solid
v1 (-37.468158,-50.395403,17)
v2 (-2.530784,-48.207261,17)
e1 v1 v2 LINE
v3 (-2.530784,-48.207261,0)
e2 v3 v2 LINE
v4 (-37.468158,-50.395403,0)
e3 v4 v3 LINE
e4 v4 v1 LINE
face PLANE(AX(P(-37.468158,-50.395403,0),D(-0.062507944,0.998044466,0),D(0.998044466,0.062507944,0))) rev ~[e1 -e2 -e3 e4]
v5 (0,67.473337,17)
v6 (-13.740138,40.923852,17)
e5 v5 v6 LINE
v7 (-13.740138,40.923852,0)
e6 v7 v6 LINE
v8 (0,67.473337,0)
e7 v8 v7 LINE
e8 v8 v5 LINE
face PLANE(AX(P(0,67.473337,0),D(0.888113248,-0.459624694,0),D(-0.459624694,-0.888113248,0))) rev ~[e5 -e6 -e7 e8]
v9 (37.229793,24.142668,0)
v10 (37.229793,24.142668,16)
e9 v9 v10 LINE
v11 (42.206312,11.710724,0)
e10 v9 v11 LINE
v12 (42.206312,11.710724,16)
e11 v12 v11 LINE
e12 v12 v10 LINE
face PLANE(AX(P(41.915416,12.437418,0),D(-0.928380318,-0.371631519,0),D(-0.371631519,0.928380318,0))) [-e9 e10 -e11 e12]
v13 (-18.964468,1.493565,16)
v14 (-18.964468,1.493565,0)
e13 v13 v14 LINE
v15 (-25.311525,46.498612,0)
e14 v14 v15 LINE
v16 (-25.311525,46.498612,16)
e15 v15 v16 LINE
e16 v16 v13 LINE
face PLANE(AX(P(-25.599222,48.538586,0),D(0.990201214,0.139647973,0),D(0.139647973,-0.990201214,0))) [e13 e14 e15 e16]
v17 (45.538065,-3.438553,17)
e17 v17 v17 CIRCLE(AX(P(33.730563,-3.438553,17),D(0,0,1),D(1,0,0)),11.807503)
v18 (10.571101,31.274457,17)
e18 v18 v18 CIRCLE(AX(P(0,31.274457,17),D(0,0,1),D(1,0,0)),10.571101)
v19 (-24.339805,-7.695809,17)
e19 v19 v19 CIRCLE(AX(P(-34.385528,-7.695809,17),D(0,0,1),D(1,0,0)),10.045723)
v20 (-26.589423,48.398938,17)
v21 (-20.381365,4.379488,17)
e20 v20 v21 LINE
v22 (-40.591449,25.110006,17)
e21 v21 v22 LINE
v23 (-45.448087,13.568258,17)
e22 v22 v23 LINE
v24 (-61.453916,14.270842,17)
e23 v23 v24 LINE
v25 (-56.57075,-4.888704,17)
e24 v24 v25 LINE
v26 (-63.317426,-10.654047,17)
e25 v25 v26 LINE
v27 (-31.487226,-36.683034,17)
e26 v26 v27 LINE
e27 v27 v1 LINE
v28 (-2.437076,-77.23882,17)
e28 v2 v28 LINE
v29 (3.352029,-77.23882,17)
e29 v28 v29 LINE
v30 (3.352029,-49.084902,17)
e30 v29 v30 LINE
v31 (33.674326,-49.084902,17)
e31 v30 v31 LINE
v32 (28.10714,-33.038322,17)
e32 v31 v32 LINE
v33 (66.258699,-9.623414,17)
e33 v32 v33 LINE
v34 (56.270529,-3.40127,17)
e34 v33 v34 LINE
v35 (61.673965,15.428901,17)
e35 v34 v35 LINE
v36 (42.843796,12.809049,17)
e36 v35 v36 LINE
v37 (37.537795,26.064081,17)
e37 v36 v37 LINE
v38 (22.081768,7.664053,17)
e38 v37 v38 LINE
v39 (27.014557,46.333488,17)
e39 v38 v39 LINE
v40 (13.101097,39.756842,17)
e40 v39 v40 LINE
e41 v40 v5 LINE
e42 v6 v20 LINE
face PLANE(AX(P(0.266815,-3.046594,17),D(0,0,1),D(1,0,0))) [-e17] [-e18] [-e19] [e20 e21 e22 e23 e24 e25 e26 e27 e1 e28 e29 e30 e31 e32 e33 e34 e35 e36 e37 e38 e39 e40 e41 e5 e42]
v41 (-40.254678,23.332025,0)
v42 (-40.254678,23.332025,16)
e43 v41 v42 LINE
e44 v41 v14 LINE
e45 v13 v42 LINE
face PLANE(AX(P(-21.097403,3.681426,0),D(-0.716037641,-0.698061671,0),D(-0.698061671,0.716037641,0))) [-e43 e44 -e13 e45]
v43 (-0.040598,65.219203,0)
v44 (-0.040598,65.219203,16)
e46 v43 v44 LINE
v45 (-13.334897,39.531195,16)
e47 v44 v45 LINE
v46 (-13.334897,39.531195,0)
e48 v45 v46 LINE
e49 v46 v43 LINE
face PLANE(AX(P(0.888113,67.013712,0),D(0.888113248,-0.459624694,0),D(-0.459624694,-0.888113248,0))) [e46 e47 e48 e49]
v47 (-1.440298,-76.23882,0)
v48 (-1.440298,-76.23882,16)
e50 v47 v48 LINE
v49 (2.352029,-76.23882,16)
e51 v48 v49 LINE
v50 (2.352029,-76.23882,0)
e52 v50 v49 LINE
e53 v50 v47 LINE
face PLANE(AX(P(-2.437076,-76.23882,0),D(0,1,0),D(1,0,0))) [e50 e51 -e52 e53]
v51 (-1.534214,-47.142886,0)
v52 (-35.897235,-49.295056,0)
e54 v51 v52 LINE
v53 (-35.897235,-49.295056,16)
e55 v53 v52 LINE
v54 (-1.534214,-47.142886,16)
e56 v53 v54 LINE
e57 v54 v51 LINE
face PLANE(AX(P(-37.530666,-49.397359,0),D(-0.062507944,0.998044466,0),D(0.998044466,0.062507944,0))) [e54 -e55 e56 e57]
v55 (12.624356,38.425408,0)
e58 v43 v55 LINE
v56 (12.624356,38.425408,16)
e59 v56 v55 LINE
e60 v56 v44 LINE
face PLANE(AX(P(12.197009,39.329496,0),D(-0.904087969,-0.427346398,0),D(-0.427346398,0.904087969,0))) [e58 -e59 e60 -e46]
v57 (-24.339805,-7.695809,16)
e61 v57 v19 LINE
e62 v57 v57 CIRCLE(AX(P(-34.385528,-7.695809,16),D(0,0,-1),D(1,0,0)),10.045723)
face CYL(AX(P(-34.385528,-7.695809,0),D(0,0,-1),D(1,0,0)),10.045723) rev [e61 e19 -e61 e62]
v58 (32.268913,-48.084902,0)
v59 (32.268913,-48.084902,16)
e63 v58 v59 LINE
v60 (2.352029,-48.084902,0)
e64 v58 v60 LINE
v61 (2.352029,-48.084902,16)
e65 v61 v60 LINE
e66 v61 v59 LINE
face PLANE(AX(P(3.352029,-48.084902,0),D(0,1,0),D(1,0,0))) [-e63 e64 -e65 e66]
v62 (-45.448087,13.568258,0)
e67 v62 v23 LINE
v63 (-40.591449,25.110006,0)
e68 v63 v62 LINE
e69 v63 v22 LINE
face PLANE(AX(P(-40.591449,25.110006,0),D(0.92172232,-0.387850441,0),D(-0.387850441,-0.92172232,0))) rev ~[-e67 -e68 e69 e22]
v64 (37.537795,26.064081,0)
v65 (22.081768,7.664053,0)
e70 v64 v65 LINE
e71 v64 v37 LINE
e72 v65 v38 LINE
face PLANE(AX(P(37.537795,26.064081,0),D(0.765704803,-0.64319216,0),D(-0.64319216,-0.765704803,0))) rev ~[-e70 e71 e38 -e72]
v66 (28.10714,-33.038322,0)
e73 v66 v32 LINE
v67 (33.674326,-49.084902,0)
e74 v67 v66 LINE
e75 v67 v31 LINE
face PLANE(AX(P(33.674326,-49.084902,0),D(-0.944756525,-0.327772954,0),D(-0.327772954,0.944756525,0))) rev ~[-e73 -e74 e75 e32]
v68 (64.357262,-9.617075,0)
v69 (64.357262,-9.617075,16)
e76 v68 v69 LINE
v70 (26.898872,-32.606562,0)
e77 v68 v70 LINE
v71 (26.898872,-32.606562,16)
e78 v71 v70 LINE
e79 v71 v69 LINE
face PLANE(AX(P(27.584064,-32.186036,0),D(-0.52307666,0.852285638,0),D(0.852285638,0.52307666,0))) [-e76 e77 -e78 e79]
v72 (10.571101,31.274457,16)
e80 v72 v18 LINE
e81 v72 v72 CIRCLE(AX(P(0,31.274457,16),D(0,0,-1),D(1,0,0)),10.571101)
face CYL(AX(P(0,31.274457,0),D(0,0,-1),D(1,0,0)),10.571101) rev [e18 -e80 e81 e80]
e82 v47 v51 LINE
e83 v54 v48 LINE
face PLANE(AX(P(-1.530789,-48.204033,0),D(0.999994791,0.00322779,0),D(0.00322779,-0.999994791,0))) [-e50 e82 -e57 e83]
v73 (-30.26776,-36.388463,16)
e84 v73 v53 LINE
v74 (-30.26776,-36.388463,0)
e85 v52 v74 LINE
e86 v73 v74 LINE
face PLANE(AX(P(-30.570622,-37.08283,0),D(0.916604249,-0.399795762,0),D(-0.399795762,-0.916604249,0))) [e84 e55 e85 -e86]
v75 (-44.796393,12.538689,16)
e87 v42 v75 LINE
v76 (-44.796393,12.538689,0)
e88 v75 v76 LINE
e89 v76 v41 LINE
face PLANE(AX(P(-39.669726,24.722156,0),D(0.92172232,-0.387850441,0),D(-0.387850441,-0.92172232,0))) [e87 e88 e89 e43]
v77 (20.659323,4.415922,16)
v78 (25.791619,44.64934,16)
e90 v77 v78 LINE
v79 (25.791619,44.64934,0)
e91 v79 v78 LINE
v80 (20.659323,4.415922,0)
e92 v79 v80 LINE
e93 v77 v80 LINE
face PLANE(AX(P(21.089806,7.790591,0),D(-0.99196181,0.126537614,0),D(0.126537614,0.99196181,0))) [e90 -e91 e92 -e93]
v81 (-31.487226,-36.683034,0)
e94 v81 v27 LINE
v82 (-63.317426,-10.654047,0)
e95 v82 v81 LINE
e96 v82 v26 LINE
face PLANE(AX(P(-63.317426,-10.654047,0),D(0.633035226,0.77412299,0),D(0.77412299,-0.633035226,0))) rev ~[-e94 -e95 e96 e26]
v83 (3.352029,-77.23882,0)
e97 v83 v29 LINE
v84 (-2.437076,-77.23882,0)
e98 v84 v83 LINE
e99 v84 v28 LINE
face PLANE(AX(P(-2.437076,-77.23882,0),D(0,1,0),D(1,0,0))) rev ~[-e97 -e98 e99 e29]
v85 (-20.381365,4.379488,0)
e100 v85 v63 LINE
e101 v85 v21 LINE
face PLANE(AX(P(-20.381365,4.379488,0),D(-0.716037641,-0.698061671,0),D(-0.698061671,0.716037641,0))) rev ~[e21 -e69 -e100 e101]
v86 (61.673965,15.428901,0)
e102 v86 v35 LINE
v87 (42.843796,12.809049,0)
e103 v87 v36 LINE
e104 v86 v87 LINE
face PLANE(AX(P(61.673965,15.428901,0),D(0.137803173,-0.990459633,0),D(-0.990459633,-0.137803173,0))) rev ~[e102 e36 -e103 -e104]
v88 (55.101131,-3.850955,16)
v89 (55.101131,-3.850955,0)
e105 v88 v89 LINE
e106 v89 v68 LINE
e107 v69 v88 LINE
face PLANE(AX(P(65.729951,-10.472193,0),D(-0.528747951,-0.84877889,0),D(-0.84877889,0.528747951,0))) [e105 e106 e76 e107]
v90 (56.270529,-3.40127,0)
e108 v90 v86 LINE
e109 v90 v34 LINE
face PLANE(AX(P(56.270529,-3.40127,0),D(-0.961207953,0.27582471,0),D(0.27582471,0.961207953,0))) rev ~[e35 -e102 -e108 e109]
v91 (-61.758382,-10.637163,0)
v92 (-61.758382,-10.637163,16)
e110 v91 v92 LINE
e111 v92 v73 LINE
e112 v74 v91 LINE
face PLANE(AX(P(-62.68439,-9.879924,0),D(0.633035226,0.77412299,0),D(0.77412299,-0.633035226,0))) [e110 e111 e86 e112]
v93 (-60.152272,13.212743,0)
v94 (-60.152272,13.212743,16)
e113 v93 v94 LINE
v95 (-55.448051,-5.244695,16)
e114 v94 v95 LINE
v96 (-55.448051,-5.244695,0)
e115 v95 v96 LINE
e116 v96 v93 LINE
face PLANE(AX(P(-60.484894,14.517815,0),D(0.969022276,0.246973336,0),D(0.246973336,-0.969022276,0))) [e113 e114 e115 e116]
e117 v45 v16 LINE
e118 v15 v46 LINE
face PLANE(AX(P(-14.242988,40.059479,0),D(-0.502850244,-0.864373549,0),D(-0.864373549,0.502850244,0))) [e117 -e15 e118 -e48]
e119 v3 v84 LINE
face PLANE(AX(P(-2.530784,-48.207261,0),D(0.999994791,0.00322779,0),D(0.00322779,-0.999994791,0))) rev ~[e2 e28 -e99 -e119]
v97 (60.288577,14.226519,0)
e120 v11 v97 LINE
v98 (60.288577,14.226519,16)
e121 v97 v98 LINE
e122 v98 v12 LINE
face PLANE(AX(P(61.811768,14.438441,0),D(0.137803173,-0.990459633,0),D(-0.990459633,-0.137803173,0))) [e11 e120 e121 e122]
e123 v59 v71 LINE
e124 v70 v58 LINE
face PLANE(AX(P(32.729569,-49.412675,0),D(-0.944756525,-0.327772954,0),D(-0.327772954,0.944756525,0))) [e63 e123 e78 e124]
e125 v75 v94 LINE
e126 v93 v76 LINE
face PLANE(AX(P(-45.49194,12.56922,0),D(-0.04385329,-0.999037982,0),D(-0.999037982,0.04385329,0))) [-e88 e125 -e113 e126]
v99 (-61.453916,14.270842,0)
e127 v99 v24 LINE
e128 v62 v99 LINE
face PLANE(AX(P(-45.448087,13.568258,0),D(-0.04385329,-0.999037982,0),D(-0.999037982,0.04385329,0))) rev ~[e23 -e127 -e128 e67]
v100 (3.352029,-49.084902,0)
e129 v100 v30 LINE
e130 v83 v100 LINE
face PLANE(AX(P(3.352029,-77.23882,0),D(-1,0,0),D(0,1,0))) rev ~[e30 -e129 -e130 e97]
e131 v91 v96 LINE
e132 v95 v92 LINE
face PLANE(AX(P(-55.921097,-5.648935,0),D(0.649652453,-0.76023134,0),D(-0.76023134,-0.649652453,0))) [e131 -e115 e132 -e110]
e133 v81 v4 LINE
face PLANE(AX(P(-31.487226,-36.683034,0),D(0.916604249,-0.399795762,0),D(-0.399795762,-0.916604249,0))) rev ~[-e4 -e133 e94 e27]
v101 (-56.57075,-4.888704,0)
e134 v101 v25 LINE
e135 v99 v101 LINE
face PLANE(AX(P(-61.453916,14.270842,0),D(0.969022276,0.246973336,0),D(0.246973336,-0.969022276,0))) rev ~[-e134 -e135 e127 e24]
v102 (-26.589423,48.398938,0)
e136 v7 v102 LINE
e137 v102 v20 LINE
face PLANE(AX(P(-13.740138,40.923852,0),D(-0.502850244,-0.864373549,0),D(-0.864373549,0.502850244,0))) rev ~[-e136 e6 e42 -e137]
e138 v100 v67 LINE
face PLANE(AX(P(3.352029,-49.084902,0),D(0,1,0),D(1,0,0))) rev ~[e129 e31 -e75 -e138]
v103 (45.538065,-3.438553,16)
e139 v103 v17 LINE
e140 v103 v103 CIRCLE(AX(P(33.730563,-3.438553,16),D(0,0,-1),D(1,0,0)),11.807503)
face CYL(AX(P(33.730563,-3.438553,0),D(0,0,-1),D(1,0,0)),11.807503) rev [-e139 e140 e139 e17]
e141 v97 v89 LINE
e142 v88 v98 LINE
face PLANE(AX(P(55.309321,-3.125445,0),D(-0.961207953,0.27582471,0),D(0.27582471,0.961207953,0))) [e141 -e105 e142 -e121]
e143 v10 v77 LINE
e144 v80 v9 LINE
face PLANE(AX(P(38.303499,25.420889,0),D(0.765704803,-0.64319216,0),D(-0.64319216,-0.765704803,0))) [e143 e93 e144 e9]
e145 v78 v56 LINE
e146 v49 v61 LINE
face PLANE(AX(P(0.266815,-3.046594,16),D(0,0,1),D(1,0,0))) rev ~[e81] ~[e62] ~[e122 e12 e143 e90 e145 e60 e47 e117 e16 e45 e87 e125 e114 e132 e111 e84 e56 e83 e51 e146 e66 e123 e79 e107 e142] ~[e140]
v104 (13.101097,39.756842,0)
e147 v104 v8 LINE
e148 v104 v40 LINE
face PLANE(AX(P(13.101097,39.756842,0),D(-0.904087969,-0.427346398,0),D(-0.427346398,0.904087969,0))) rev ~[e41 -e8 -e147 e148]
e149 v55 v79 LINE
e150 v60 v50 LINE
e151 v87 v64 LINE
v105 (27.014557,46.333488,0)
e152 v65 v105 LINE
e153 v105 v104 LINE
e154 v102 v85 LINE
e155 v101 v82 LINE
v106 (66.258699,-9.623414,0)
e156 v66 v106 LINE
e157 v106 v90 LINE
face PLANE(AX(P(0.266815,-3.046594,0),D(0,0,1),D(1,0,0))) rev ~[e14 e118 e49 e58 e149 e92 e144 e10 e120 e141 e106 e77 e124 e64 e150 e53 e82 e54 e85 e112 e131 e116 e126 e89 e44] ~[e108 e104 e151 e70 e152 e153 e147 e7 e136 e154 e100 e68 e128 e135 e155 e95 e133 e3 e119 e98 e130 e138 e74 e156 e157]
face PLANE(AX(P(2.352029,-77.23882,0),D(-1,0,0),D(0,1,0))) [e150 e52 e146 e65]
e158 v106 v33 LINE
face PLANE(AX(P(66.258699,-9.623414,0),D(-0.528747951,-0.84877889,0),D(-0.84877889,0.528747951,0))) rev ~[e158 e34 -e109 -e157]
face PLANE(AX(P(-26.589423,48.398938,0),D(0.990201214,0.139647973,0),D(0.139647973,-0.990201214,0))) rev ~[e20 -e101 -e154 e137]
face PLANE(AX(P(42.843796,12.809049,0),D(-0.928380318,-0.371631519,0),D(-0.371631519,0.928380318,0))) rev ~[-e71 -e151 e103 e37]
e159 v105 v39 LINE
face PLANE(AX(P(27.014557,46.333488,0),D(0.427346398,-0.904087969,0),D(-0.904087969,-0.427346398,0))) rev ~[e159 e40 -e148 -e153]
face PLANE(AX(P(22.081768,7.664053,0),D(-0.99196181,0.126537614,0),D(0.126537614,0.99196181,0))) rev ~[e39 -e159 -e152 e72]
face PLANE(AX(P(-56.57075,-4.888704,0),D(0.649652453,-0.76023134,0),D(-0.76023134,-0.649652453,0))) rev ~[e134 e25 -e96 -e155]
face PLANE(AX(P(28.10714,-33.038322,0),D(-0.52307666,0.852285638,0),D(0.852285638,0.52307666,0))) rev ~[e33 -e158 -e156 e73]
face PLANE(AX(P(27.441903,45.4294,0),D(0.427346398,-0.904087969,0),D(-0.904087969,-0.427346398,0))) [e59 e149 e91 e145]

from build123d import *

# Parameters (mm, degrees)
F1_DEPTH = 17
F2_T     = -1
F3_R     = 14.3708631793
F4_DEPTH = 25
F5_R     = 10.5711008848
F5_R_2   = 10.0457234784
F5_R_3   = 11.8075026786
F6_DEPTH = 17


with BuildPart() as f1:
    # F0 (on Top) → F1 (new body)
    with BuildSketch(Plane.XY):
        Polygon((-37.4681577086, -50.3954030573), (-2.5307838805, -48.2072606683), (-2.4370756, -77.2388204932), (3.3520292491, -77.2388204932), (3.3520292491, -49.0849018097), (33.674325794, -49.0849018097), (28.1071402133, -33.0383218825), (66.2586987019, -9.6234139055), (56.2705285847, -3.4012699034), (61.6739653051, 15.4289007187), (42.8437963128, 12.8090493381), (37.5377945602, 26.0640811175), (22.0817681402, 7.6640532352), (27.0145568802, 46.333488356), (13.1010971963, 39.7568419576), (0, 67.4733370543), (-13.7401381508, 40.9238524735), (-26.589423418, 48.39893803), (-20.3813649714, 4.3794875965), (-40.5914485455, 25.1100063324), (-45.4480871558, 13.568257913), (-61.4539161325, 14.2708420753), (-56.5707497299, -4.8887040466), (-63.317425549, -10.6540471315), (-31.4872264862, -36.6830341518), align=None)
    extrude(amount=F1_DEPTH)

    # F2
    f2_openings = [f1.faces().sort_by_distance(p)[0] for p in [
        (-0.409278, -4.179109, 0),
    ]]
    offset(amount=F2_T, openings=f2_openings, kind=Kind.INTERSECTION)

    # F3 (on face) → F4 (cut)
    with BuildSketch(Plane.XY.offset(17)):
        with Locations((0, -27.5635700673)):
            Circle(F3_R)
    extrude(amount=F4_DEPTH, mode=Mode.SUBTRACT)

    # F5 (on Top) → F6 (cut)
    with BuildSketch(Plane.XY):
        with Locations((0, 31.2744565308)):
            Circle(F5_R)
        with Locations((-34.3855284154, -7.6958090067)):
            Circle(F5_R_2)
        with Locations((33.7305627763, -3.4385530744)):
            Circle(F5_R_3)
    extrude(amount=F6_DEPTH, mode=Mode.SUBTRACT)


solid = f1.part
